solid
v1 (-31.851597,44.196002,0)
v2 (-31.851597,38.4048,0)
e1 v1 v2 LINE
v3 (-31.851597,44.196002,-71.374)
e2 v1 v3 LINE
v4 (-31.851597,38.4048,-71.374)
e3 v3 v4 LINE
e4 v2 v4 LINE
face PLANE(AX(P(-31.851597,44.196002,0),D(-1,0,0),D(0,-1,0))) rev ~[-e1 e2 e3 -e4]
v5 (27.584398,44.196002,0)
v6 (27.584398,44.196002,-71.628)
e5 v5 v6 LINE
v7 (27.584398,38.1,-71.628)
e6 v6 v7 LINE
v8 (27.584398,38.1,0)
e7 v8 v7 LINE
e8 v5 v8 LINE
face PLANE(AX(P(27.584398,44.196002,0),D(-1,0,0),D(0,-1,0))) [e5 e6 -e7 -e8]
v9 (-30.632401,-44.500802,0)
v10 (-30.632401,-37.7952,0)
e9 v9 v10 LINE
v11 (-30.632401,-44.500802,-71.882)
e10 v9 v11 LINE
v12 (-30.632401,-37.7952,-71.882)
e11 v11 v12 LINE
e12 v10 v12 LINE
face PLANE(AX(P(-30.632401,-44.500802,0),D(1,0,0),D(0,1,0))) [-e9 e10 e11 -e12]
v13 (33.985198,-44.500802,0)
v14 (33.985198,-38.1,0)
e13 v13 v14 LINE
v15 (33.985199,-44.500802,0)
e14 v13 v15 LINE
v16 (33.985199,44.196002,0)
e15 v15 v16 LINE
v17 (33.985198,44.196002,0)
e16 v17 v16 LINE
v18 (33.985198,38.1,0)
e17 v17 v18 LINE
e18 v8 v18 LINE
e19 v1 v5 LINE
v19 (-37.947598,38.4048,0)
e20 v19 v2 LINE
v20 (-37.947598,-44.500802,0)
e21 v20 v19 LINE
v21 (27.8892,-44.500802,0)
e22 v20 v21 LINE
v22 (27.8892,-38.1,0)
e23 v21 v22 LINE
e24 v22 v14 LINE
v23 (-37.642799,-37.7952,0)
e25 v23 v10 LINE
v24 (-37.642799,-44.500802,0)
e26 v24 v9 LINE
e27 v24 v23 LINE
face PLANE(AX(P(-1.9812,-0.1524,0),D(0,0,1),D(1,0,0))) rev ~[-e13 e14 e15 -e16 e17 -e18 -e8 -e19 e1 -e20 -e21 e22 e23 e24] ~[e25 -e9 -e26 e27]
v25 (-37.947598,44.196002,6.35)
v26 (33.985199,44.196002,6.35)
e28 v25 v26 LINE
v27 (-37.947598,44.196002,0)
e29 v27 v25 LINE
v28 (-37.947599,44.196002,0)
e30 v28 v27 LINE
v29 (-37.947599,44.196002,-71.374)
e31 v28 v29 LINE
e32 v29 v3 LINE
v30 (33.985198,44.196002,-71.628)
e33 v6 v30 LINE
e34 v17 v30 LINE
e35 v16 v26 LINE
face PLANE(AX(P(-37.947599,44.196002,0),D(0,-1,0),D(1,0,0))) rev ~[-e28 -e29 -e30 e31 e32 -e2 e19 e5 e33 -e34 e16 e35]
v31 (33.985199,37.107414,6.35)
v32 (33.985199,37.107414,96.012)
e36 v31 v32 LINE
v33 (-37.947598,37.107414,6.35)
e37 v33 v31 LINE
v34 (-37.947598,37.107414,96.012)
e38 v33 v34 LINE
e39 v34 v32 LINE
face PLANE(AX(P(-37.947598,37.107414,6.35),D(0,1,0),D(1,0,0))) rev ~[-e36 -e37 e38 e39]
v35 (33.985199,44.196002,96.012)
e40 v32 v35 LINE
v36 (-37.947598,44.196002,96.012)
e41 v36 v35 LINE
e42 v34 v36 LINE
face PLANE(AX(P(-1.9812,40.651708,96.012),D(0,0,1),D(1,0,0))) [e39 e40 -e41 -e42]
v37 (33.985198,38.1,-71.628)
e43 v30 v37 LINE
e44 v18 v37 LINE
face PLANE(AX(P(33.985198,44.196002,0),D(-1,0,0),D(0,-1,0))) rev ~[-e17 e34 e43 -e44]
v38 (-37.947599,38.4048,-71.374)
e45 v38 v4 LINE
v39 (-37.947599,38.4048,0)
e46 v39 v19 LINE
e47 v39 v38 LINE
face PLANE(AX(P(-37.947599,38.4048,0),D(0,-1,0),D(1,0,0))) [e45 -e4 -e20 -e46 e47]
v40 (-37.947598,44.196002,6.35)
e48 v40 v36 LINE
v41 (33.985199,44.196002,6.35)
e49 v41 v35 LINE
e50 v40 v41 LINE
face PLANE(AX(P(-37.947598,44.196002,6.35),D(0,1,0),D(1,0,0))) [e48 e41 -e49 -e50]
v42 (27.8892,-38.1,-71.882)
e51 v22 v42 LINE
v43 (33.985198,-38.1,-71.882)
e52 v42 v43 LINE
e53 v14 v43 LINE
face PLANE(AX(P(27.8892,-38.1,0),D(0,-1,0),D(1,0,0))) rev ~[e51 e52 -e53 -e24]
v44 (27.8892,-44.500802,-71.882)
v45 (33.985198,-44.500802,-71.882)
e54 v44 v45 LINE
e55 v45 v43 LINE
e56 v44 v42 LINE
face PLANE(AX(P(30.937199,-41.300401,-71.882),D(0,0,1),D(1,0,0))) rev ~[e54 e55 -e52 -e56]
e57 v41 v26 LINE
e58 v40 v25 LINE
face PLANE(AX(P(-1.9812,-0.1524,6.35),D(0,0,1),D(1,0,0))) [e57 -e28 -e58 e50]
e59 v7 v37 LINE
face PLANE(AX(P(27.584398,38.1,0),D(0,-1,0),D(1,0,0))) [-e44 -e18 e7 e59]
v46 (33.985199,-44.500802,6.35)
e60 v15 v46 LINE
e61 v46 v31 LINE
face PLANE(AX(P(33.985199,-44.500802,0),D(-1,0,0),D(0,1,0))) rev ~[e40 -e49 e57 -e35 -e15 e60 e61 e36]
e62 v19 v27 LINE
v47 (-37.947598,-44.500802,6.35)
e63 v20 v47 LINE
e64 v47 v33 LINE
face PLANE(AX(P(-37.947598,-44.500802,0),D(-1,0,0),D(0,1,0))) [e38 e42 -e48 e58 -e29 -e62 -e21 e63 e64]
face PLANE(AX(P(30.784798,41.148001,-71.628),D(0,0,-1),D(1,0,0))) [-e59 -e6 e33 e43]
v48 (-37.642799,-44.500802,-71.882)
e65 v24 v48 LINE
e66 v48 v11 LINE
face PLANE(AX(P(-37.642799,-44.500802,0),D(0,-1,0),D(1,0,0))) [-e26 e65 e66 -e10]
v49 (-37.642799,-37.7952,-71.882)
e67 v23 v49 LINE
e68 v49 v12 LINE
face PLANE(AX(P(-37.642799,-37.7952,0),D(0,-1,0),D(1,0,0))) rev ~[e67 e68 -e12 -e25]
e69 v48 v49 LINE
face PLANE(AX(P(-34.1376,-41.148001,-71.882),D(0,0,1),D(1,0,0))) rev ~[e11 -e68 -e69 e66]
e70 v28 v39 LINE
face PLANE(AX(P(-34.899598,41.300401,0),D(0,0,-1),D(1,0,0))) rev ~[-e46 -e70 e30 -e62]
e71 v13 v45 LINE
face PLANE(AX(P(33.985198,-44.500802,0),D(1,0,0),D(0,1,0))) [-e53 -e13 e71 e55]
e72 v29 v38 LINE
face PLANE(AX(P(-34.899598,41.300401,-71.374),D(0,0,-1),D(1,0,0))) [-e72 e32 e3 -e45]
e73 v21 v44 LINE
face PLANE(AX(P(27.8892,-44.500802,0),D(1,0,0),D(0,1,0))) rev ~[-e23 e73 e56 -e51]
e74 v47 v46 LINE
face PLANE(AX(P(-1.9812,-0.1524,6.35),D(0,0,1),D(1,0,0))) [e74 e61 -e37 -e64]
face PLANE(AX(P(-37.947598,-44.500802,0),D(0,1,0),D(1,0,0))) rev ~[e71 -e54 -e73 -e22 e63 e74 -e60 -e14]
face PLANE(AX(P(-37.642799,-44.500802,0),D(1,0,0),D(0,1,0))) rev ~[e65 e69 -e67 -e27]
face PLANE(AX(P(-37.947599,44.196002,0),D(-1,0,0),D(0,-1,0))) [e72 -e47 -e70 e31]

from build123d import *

# Parameters (mm, degrees)
F0_W      = 71.932797
F0_H      = 88.696804
F1_DEPTH  = 6.35
F2_W      = 7.010398
F2_H      = 6.705601
F3_DEPTH  = 71.882
F4_W      = 6.095998
F4_H      = 6.400802
F5_DEPTH  = 71.882
F6_W      = 6.096002
F6_H      = 5.791202
F7_DEPTH  = 71.374
F8_W      = 6.4008
F8_H      = 6.096002
F9_DEPTH  = 71.628
F10_W     = 71.932797
F10_H     = 7.088587
F11_DEPTH = 89.662


with BuildPart() as f1:
    # F0 (on Top) → F1 (new body)
    with BuildSketch(Plane.XY):
        with Locations((-1.9812, -0.1524)):
            Rectangle(F0_W, F0_H)
    extrude(amount=F1_DEPTH)

    # F2 (on Top) → F3 (join)
    with BuildSketch(Plane.XY):
        with Locations((-34.1376, -41.148001)):
            Rectangle(F2_W, F2_H)
    extrude(amount=-F3_DEPTH)

    # F4 (on Top) → F5 (join)
    with BuildSketch(Plane.XY):
        with Locations((30.937199, -41.300401)):
            Rectangle(F4_W, F4_H)
    extrude(amount=-F5_DEPTH)

    # F6 (on face) → F7 (join)
    with BuildSketch(Plane(origin=(0, 0, 0), x_dir=(1, 0, 0), z_dir=(0, 0, -1))):
        with Locations((-34.899598, -41.300401)):
            Rectangle(F6_W, F6_H)
    extrude(amount=F7_DEPTH)

    # F8 (on face) → F9 (join)
    with BuildSketch(Plane(origin=(0, 0, 0), x_dir=(1, 0, 0), z_dir=(0, 0, -1))):
        with Locations((30.784798, -41.148001)):
            Rectangle(F8_W, F8_H)
    extrude(amount=F9_DEPTH)

    # F10 (on face) → F11 (join)
    with BuildSketch(Plane.XY.offset(6.35)):
        with Locations((-1.9812, 40.651708)):
            Rectangle(F10_W, F10_H)
    extrude(amount=F11_DEPTH)


solid = f1.part
